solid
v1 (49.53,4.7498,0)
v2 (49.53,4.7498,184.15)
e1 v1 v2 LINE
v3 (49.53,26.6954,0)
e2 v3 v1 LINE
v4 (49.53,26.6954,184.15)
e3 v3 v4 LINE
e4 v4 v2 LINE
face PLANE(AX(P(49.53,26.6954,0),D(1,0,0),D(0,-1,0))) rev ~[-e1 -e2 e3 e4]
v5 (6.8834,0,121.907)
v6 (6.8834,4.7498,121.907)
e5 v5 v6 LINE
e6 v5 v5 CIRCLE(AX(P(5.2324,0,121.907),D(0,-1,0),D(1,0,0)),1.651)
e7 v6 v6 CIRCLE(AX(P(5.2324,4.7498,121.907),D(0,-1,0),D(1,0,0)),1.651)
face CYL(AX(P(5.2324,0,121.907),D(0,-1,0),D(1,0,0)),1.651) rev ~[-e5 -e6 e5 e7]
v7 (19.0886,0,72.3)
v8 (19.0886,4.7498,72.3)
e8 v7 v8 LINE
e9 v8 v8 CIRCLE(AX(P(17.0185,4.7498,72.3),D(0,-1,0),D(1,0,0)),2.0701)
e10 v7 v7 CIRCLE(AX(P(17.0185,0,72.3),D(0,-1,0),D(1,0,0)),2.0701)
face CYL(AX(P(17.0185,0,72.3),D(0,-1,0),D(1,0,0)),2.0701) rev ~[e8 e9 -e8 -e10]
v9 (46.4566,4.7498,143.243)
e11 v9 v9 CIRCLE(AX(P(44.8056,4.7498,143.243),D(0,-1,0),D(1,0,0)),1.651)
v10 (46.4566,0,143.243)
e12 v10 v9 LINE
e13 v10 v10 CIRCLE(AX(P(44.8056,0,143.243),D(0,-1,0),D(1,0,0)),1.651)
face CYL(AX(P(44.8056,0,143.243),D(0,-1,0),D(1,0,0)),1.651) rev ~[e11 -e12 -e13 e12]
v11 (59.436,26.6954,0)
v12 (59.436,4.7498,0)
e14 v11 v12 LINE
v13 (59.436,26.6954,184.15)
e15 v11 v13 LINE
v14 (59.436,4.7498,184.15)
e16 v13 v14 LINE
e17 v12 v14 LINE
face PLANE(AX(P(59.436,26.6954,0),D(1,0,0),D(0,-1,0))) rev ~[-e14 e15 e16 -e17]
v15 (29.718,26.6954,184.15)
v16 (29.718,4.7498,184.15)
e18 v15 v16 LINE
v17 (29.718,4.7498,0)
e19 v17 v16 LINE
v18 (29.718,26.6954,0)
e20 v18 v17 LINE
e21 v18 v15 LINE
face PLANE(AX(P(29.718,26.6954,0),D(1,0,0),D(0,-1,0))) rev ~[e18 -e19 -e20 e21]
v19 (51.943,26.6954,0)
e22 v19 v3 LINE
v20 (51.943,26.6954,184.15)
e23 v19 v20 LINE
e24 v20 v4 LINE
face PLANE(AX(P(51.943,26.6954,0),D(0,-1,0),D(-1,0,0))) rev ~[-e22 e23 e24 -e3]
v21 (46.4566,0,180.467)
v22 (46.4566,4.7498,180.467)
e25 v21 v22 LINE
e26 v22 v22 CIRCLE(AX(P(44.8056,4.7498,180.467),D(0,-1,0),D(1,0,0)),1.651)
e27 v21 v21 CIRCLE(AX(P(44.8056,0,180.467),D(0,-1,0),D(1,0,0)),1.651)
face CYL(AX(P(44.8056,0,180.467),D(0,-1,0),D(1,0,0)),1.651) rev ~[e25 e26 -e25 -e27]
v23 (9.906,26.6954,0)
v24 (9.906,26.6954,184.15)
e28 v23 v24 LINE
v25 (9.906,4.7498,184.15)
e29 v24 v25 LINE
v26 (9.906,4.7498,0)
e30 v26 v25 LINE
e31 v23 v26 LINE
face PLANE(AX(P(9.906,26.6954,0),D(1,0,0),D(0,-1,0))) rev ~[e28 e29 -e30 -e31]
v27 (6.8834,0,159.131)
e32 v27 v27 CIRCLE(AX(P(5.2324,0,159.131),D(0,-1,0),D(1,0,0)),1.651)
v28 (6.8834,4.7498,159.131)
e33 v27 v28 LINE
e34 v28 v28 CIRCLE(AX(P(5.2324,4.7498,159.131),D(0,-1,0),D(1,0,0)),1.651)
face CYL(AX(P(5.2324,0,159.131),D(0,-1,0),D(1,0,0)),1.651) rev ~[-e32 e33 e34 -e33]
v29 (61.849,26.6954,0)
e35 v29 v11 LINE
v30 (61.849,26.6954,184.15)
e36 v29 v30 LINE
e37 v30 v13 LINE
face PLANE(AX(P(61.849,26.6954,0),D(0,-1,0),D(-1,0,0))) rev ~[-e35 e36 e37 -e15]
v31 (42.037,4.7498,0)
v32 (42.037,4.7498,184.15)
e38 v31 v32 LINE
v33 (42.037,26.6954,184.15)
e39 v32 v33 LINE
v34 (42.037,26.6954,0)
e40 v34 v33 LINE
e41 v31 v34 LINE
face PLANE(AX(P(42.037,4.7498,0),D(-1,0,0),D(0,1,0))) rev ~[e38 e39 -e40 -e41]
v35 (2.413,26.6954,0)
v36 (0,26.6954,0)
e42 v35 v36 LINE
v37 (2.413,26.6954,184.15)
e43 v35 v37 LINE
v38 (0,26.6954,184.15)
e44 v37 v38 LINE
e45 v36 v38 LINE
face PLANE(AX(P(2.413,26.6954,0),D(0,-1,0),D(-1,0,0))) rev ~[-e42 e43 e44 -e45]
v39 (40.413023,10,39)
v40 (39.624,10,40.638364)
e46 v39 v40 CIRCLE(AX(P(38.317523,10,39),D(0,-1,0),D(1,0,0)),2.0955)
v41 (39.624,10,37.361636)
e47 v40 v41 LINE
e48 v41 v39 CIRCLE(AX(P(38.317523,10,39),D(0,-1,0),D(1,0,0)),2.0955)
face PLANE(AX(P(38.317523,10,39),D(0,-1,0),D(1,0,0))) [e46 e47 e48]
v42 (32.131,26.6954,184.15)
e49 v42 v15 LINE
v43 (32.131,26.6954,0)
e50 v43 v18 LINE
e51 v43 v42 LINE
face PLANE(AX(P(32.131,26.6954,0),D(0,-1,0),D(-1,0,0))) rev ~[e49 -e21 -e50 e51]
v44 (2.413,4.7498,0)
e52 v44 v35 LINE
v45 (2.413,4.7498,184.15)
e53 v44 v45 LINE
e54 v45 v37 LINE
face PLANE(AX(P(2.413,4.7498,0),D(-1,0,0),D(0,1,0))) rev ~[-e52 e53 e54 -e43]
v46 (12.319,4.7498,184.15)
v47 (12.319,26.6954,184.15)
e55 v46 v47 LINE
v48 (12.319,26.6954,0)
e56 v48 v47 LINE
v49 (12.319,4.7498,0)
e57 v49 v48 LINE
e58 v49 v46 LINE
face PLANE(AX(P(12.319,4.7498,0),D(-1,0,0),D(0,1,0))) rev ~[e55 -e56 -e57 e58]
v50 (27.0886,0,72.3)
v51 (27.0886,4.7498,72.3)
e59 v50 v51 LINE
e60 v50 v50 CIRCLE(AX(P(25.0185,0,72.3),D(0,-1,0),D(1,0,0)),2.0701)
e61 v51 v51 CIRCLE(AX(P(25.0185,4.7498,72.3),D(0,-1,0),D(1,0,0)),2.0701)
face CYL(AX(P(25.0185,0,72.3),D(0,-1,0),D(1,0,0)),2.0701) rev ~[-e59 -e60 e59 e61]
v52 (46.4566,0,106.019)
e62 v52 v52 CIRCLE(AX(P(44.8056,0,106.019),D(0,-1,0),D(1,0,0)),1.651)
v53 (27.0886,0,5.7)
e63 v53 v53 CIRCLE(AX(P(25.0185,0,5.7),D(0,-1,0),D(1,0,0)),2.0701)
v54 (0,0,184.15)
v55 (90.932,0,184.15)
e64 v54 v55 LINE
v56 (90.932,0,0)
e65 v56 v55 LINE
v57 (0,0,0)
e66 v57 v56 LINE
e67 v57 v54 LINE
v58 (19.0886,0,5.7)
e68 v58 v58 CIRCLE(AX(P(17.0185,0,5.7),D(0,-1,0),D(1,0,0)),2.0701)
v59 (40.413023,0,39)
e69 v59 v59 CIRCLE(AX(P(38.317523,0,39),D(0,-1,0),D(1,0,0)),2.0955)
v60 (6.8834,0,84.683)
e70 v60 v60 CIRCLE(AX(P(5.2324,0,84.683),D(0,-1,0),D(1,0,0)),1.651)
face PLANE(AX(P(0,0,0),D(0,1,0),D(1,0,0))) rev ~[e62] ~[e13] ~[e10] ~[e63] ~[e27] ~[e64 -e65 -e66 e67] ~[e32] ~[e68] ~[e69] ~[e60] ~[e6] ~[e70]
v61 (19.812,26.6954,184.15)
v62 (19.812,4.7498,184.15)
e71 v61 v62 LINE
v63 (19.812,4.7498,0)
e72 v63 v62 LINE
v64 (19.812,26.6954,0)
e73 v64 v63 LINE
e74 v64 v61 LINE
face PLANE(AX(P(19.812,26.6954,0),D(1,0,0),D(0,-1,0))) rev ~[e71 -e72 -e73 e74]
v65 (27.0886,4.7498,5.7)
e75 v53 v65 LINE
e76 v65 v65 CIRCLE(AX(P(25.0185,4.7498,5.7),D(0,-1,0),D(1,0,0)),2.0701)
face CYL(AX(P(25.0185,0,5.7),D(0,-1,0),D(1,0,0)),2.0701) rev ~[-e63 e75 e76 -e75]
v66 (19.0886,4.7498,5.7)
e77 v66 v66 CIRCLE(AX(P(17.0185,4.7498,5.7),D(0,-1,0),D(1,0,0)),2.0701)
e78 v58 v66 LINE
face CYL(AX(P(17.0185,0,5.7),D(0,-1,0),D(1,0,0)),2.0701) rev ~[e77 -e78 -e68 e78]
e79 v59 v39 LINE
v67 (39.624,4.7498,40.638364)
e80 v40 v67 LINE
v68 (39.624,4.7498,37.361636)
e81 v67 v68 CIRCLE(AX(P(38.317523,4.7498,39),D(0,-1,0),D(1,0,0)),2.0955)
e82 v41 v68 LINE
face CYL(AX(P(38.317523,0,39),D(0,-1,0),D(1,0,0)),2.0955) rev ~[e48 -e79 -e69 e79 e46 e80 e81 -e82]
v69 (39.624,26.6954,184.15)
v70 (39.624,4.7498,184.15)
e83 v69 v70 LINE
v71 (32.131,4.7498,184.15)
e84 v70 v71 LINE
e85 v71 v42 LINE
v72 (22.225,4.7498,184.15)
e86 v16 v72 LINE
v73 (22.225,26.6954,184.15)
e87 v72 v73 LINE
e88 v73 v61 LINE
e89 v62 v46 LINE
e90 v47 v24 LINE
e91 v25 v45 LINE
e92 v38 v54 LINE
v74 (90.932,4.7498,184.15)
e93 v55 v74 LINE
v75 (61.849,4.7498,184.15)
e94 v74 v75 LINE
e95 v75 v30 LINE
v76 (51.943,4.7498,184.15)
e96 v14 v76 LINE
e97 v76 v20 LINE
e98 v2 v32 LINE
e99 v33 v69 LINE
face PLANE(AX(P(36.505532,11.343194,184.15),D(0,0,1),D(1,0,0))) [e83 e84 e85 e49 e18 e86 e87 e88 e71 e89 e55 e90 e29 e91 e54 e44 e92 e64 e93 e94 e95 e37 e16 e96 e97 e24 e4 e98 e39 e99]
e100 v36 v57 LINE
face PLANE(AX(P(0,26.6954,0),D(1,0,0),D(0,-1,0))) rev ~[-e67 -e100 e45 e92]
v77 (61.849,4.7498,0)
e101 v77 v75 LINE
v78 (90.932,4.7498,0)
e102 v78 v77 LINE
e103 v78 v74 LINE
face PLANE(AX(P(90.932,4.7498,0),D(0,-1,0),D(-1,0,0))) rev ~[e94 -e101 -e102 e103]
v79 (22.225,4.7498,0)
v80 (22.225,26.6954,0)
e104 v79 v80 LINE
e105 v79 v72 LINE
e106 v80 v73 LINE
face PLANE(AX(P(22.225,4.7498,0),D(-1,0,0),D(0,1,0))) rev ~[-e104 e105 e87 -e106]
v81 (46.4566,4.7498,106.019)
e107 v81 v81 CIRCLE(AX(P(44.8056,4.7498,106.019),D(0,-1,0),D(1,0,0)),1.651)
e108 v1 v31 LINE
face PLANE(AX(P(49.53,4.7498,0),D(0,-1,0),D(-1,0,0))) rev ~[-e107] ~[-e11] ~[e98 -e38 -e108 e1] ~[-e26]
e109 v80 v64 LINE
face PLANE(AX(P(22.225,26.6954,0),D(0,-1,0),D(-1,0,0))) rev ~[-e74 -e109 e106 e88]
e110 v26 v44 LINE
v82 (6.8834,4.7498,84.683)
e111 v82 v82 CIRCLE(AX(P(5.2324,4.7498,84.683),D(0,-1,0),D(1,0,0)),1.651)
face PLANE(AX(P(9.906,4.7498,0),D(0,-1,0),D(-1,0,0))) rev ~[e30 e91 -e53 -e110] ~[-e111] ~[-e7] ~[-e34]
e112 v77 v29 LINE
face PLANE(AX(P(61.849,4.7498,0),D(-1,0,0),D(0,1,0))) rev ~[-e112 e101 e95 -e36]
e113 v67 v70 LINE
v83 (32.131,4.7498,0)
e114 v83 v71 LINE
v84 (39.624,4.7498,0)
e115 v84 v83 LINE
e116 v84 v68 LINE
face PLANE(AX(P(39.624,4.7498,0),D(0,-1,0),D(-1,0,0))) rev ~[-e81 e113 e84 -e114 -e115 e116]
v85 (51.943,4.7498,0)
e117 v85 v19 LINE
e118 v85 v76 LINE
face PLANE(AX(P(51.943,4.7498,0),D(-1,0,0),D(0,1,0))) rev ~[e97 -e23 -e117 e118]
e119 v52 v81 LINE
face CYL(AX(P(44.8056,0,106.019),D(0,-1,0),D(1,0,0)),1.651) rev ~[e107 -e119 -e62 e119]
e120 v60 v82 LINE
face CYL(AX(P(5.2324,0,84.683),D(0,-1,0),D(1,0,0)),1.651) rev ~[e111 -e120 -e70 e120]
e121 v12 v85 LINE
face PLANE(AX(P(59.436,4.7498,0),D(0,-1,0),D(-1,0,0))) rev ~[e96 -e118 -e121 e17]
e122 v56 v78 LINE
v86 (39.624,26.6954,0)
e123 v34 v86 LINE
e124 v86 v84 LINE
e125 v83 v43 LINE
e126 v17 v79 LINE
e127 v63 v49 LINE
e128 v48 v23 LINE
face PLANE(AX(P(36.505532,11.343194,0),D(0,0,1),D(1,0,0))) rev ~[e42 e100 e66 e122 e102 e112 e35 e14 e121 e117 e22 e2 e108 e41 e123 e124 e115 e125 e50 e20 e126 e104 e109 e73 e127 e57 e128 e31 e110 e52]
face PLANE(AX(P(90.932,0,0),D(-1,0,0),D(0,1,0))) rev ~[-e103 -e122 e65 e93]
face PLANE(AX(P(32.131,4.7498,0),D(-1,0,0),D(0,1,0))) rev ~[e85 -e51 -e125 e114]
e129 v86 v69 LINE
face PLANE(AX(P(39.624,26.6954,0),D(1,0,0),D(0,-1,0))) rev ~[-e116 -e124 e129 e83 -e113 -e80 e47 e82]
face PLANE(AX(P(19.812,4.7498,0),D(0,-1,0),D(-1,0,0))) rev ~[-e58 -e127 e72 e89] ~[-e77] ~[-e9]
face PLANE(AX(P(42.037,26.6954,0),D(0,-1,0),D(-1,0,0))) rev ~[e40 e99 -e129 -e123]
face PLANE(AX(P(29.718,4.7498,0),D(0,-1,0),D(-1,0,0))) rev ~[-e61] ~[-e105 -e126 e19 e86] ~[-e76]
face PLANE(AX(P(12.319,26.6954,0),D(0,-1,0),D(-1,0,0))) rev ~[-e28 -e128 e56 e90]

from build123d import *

# Parameters (mm, degrees)
BOSS_EXTRUDE1_DEPTH = 184.15
SKETCH2_R           = 1.651
SKETCH2_R_2         = 2.0701
SKETCH2_R_3         = 2.0955
CUT_EXTRUDE3_DEPTH  = 10


with BuildPart() as part:
    # Sketch1 → Boss-Extrude1 (new body)
    with BuildSketch(Plane.XY):
        Polygon((2.413, 26.6954), (0, 26.6954), (0, 4.7498), (0, 0), (61.849, 0), (69.342, 0), (90.932, 0), (90.932, 4.7498), (69.342, 4.7498), (61.849, 4.7498), (61.849, 26.6954), (59.436, 26.6954), (59.436, 4.7498), (51.943, 4.7498), (51.943, 26.6954), (49.53, 26.6954), (49.53, 4.7498), (42.037, 4.7498), (42.037, 26.6954), (39.624, 26.6954), (39.624, 4.7498), (32.131, 4.7498), (32.131, 26.6954), (29.718, 26.6954), (29.718, 4.7498), (22.225, 4.7498), (22.225, 26.6954), (19.812, 26.6954), (19.812, 4.7498), (12.319, 4.7498), (12.319, 26.6954), (9.906, 26.6954), (9.906, 4.7498), (2.413, 4.7498), align=None)
    extrude(amount=BOSS_EXTRUDE1_DEPTH)

    # Sketch2 → Cut-Extrude3 (cut)
    with BuildSketch(Plane.XZ):
        with Locations((5.2324, 159.131)):
            Circle(SKETCH2_R)
        with Locations((44.8056, 180.467)):
            Circle(SKETCH2_R)
        with Locations((44.8056, 143.243)):
            Circle(SKETCH2_R)
        with Locations((5.2324, 121.907)):
            Circle(SKETCH2_R)
        with Locations((5.2324, 84.683)):
            Circle(SKETCH2_R)
        with Locations((44.8056, 106.019)):
            Circle(SKETCH2_R)
        with Locations((17.0185, 72.3)):
            Circle(SKETCH2_R_2)
        with Locations((25.0185, 72.3)):
            Circle(SKETCH2_R_2)
        with Locations((25.0185, 5.7)):
            Circle(SKETCH2_R_2)
        with Locations((17.0185, 5.7)):
            Circle(SKETCH2_R_2)
        with Locations((38.317522863, 39)):
            Circle(SKETCH2_R_3)
    extrude(amount=-CUT_EXTRUDE3_DEPTH, mode=Mode.SUBTRACT)


solid = part.part
